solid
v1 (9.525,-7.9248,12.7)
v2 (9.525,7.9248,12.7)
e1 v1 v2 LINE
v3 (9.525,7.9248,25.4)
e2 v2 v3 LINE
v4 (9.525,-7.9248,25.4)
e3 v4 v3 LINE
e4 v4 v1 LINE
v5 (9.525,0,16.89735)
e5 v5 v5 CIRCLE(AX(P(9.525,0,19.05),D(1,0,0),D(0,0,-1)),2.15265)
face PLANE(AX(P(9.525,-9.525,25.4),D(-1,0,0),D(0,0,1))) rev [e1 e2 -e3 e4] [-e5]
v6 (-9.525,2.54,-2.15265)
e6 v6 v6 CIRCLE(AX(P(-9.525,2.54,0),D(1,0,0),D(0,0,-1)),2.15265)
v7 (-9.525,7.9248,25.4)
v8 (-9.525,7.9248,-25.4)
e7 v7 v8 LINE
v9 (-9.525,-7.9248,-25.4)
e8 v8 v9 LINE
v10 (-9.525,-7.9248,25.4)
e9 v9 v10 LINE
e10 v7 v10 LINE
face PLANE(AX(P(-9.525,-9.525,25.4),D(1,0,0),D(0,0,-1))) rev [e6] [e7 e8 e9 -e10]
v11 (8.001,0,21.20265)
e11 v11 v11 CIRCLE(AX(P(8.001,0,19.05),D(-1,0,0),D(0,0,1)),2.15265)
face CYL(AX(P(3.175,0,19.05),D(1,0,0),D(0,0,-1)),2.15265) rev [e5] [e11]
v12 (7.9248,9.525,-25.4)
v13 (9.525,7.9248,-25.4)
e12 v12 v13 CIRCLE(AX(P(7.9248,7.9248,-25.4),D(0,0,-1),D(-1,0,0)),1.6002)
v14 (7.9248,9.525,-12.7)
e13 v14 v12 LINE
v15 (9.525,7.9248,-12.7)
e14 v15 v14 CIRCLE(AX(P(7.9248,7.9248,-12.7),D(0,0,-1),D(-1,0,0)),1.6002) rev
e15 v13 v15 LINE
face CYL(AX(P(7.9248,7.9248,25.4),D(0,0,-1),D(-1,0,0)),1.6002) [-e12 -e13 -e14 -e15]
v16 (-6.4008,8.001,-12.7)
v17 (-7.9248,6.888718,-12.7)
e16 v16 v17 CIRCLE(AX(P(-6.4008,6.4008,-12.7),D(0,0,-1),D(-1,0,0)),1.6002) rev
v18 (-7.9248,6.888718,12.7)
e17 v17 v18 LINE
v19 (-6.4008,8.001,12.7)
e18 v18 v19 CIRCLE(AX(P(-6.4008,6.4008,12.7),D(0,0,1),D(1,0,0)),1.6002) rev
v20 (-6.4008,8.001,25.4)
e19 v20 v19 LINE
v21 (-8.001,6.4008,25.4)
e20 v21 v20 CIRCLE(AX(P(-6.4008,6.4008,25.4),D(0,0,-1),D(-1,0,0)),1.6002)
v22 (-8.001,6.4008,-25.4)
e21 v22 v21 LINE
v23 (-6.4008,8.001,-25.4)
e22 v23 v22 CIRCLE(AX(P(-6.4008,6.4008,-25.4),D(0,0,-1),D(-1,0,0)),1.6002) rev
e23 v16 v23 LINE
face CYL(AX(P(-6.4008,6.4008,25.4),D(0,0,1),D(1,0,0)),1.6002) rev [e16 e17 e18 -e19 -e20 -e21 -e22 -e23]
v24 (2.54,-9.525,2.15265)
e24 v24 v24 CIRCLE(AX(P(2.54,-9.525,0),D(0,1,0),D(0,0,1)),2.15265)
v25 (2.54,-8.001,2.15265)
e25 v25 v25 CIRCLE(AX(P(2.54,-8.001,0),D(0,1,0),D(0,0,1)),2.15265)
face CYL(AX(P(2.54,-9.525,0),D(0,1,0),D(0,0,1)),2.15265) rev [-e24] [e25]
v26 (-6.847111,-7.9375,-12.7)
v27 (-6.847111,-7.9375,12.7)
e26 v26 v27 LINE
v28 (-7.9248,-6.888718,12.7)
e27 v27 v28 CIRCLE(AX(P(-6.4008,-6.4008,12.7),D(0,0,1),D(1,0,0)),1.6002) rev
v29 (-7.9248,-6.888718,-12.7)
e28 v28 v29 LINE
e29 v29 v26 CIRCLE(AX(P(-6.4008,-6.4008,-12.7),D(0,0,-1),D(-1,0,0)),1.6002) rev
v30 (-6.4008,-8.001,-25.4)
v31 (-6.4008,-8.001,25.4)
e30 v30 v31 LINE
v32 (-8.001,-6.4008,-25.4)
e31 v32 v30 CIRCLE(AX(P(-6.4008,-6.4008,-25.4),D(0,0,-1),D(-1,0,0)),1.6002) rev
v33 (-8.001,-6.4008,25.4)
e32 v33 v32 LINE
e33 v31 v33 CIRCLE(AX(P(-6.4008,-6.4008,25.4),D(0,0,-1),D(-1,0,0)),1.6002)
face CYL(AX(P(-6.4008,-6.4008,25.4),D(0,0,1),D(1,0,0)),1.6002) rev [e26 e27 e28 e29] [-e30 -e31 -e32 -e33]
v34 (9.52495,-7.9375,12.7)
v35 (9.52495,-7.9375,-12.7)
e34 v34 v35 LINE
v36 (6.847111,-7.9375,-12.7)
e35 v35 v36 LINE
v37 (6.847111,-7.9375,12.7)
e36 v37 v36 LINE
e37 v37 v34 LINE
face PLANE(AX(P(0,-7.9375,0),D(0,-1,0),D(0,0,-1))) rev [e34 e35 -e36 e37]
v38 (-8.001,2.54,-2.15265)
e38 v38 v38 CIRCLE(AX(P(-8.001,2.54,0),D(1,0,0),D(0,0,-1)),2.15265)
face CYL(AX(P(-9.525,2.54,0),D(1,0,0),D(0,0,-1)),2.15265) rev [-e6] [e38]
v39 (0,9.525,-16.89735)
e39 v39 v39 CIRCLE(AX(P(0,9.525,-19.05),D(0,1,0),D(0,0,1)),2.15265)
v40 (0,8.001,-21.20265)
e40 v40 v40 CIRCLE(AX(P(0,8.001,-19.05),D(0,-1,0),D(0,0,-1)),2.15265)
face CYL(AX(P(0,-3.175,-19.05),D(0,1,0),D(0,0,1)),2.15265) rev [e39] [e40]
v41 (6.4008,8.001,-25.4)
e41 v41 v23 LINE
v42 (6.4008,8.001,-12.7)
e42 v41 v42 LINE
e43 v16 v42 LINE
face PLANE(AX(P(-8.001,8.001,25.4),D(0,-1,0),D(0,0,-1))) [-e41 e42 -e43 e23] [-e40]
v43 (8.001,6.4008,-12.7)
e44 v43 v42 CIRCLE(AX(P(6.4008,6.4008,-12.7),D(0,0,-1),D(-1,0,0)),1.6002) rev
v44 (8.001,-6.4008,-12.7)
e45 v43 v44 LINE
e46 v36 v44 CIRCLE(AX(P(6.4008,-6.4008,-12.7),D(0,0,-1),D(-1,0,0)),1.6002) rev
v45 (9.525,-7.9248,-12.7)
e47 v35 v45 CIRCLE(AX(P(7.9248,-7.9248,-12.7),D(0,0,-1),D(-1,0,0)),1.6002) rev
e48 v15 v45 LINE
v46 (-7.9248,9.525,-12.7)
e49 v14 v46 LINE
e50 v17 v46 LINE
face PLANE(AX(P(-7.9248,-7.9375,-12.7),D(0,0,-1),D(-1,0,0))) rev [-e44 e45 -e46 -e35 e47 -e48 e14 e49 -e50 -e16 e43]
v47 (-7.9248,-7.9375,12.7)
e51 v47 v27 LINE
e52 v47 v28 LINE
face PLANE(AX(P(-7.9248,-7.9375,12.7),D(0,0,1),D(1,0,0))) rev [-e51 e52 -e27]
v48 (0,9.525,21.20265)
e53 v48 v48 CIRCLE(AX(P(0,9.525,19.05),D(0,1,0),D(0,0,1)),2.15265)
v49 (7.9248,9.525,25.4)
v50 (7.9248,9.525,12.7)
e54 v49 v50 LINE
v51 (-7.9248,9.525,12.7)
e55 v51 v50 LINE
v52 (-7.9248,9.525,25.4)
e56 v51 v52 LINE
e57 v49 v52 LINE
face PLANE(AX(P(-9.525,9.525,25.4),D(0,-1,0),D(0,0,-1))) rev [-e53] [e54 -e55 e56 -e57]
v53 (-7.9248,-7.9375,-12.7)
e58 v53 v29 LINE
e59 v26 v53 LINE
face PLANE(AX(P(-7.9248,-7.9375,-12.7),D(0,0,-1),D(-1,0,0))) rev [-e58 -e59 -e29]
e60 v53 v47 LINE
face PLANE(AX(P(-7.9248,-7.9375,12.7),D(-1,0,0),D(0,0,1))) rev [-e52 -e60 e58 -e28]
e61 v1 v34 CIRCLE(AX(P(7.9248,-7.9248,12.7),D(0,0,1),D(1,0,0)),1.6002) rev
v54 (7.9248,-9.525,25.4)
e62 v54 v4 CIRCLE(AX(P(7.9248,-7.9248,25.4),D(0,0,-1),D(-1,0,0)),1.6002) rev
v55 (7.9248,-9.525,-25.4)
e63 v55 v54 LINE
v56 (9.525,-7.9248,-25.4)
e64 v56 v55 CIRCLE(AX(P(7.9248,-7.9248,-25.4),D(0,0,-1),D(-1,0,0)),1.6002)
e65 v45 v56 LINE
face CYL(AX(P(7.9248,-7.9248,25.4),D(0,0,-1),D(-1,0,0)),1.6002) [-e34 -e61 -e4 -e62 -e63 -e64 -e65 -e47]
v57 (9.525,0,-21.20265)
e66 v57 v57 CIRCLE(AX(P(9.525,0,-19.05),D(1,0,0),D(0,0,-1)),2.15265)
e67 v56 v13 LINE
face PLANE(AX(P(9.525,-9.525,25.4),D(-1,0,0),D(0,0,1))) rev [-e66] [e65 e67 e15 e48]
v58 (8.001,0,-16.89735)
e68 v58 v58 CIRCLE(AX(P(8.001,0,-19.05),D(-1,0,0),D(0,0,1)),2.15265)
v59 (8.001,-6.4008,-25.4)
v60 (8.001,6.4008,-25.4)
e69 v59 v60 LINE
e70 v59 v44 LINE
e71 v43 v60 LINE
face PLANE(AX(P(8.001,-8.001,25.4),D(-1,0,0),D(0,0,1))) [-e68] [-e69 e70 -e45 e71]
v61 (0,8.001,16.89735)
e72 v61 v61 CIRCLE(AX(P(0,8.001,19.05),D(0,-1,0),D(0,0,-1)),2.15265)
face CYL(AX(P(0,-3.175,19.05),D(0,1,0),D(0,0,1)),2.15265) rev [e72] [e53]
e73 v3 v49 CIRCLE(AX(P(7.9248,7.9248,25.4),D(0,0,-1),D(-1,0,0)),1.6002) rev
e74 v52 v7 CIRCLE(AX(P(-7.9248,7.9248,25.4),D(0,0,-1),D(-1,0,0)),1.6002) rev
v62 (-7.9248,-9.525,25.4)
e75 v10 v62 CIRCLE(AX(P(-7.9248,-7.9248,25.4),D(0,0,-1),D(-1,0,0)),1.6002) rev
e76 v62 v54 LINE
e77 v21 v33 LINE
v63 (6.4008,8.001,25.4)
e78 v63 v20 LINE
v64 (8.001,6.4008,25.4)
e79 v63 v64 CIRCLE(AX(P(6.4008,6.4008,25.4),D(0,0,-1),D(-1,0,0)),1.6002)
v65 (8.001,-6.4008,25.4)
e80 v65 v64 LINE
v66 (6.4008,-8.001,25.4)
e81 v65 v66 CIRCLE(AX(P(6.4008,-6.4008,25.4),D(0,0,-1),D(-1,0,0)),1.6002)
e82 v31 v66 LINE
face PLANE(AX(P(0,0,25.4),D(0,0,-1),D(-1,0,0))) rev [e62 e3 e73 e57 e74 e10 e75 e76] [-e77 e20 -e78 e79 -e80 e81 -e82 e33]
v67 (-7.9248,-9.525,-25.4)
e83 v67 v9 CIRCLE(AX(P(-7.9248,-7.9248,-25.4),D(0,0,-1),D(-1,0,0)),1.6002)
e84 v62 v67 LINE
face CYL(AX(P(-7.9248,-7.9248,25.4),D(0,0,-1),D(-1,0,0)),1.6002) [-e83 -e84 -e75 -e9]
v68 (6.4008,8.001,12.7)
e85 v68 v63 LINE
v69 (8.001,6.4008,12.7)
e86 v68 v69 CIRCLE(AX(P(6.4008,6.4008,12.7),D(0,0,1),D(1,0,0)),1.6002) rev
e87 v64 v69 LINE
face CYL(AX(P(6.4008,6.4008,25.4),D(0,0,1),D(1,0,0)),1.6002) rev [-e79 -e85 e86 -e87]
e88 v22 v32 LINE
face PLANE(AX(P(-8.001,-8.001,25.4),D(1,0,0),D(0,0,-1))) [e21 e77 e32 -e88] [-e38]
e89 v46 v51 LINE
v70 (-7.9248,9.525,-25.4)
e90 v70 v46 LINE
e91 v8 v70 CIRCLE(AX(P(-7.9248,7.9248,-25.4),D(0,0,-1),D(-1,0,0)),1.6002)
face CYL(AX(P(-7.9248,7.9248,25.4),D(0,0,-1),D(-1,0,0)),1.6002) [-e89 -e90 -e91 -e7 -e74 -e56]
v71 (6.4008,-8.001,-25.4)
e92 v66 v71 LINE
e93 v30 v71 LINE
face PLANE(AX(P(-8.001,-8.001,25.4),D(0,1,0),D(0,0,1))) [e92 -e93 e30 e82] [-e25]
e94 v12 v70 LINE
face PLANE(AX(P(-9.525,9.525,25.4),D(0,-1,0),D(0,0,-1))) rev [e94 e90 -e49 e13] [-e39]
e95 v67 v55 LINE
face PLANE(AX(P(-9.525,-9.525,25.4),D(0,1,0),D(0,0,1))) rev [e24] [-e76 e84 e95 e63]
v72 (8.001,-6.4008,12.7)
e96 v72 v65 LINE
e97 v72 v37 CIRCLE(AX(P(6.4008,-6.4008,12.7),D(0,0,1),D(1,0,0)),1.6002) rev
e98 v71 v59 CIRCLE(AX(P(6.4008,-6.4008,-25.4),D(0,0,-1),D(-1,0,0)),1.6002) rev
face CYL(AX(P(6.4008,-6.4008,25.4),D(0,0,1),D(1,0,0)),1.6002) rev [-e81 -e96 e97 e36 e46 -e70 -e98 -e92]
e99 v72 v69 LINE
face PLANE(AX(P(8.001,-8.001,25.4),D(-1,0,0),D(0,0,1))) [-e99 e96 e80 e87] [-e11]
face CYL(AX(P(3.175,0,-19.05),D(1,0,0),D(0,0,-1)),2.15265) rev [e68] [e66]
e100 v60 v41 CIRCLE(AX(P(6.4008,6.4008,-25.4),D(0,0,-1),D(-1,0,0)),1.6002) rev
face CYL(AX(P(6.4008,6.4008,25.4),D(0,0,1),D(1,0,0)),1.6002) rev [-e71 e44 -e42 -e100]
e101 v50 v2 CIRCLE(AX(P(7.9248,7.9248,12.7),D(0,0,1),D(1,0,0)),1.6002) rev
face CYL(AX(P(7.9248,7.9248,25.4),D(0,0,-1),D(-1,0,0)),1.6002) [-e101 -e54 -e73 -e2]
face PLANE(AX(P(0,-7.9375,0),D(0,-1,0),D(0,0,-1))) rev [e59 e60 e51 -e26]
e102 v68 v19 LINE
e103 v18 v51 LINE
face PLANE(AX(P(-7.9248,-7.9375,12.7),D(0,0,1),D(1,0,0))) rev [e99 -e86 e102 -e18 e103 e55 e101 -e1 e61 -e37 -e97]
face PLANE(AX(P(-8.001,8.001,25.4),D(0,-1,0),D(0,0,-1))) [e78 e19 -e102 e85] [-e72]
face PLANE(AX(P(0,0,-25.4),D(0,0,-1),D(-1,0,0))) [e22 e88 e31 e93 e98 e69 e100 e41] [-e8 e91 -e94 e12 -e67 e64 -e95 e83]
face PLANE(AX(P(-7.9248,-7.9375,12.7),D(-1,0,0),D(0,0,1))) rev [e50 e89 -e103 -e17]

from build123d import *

# Parameters (mm, degrees)
SKETCH3_W                = 19.05
SKETCH3_H                = 19.05
SKETCH3_W_2              = 16.002
SKETCH3_H_2              = 16.002
BOSS_EXTRUDE1_DEPTH      = 25.4
BOSS_EXTRUDE1_DEPTH_BACK = 25.4
FILLET1_R                = 1.6002
SKETCH5_W                = 19.784949474
SKETCH5_H                = 25.4
CUT_EXTRUDE1_DEPTH       = 17.4625
SKETCH7_R                = 2.15265
CUT_EXTRUDE2_DEPTH       = 12.7
SKETCH6_R                = 2.15265
CUT_EXTRUDE3_DEPTH       = 2.524
SKETCH9_R                = 2.15265
CUT_EXTRUDE5_DEPTH       = 6.35
SKETCH10_R               = 2.15265
CUT_EXTRUDE6_DEPTH       = 20.05


with BuildPart() as part:
    # Sketch3 → Boss-Extrude1 (new body, two sides)
    with BuildSketch(Plane.XY) as boss_extrude1_sk:
        Rectangle(SKETCH3_W, SKETCH3_H)
        Rectangle(SKETCH3_W_2, SKETCH3_H_2, mode=Mode.SUBTRACT)
    extrude(amount=BOSS_EXTRUDE1_DEPTH)
    extrude(boss_extrude1_sk.sketch, amount=-BOSS_EXTRUDE1_DEPTH_BACK)

    # Fillet1
    fillet1_edges = [part.edges().sort_by_distance(p)[0] for p in [
        (8.001, -8.001, 0),
        (8.001, 8.001, 0),
        (-8.001, 8.001, 0),
        (-8.001, -8.001, 0),
        (9.525, -9.525, 0),
        (-9.525, -9.525, 0),
        (-9.525, 9.525, 0),
        (9.525, 9.525, 0),
    ]]
    fillet(fillet1_edges, radius=FILLET1_R)

    # Sketch5 → Cut-Extrude1 (cut)
    with BuildSketch(Plane(origin=(0, 9.525, 0), x_dir=(1, 0, 0), z_dir=(0, 1, 0))):
        with Locations((1.967674737, 0)):
            Rectangle(SKETCH5_W, SKETCH5_H)
    extrude(amount=-CUT_EXTRUDE1_DEPTH, mode=Mode.SUBTRACT)

    # Sketch7 → Cut-Extrude2 (cut)
    with BuildSketch(Plane(origin=(0, 9.525, 0), x_dir=(1, 0, 0), z_dir=(0, 1, 0))):
        with Locations((0, 19.05)):
            Circle(SKETCH7_R)
        with Locations((2.54, 0)):
            Circle(SKETCH7_R)
        with Locations((0, -19.05)):
            Circle(SKETCH7_R)
    extrude(amount=-CUT_EXTRUDE2_DEPTH, mode=Mode.SUBTRACT)

    # Sketch6 → Cut-Extrude3 (cut, through all)
    with BuildSketch(Plane(origin=(0, -8.001, 0), x_dir=(1, 0, 0), z_dir=(0, 1, 0))):
        with Locations((2.54, 0)):
            Circle(SKETCH6_R)
    extrude(amount=-CUT_EXTRUDE3_DEPTH, mode=Mode.SUBTRACT)

    # Sketch9 → Cut-Extrude5 (cut)
    with BuildSketch(Plane(origin=(9.525, 0, 0), x_dir=(0, 0, -1), z_dir=(1, 0, 0))):
        with Locations((-19.05, 0)):
            Circle(SKETCH9_R)
        with Locations((19.05, 0)):
            Circle(SKETCH9_R)
    extrude(amount=-CUT_EXTRUDE5_DEPTH, mode=Mode.SUBTRACT)

    # Sketch10 → Cut-Extrude6 (cut, through all)
    with BuildSketch(Plane(origin=(9.525, 0, 0), x_dir=(0, 0, -1), z_dir=(1, 0, 0))):
        with Locations((0, 2.54)):
            Circle(SKETCH10_R)
    extrude(amount=-CUT_EXTRUDE6_DEPTH, mode=Mode.SUBTRACT)


solid = part.part
